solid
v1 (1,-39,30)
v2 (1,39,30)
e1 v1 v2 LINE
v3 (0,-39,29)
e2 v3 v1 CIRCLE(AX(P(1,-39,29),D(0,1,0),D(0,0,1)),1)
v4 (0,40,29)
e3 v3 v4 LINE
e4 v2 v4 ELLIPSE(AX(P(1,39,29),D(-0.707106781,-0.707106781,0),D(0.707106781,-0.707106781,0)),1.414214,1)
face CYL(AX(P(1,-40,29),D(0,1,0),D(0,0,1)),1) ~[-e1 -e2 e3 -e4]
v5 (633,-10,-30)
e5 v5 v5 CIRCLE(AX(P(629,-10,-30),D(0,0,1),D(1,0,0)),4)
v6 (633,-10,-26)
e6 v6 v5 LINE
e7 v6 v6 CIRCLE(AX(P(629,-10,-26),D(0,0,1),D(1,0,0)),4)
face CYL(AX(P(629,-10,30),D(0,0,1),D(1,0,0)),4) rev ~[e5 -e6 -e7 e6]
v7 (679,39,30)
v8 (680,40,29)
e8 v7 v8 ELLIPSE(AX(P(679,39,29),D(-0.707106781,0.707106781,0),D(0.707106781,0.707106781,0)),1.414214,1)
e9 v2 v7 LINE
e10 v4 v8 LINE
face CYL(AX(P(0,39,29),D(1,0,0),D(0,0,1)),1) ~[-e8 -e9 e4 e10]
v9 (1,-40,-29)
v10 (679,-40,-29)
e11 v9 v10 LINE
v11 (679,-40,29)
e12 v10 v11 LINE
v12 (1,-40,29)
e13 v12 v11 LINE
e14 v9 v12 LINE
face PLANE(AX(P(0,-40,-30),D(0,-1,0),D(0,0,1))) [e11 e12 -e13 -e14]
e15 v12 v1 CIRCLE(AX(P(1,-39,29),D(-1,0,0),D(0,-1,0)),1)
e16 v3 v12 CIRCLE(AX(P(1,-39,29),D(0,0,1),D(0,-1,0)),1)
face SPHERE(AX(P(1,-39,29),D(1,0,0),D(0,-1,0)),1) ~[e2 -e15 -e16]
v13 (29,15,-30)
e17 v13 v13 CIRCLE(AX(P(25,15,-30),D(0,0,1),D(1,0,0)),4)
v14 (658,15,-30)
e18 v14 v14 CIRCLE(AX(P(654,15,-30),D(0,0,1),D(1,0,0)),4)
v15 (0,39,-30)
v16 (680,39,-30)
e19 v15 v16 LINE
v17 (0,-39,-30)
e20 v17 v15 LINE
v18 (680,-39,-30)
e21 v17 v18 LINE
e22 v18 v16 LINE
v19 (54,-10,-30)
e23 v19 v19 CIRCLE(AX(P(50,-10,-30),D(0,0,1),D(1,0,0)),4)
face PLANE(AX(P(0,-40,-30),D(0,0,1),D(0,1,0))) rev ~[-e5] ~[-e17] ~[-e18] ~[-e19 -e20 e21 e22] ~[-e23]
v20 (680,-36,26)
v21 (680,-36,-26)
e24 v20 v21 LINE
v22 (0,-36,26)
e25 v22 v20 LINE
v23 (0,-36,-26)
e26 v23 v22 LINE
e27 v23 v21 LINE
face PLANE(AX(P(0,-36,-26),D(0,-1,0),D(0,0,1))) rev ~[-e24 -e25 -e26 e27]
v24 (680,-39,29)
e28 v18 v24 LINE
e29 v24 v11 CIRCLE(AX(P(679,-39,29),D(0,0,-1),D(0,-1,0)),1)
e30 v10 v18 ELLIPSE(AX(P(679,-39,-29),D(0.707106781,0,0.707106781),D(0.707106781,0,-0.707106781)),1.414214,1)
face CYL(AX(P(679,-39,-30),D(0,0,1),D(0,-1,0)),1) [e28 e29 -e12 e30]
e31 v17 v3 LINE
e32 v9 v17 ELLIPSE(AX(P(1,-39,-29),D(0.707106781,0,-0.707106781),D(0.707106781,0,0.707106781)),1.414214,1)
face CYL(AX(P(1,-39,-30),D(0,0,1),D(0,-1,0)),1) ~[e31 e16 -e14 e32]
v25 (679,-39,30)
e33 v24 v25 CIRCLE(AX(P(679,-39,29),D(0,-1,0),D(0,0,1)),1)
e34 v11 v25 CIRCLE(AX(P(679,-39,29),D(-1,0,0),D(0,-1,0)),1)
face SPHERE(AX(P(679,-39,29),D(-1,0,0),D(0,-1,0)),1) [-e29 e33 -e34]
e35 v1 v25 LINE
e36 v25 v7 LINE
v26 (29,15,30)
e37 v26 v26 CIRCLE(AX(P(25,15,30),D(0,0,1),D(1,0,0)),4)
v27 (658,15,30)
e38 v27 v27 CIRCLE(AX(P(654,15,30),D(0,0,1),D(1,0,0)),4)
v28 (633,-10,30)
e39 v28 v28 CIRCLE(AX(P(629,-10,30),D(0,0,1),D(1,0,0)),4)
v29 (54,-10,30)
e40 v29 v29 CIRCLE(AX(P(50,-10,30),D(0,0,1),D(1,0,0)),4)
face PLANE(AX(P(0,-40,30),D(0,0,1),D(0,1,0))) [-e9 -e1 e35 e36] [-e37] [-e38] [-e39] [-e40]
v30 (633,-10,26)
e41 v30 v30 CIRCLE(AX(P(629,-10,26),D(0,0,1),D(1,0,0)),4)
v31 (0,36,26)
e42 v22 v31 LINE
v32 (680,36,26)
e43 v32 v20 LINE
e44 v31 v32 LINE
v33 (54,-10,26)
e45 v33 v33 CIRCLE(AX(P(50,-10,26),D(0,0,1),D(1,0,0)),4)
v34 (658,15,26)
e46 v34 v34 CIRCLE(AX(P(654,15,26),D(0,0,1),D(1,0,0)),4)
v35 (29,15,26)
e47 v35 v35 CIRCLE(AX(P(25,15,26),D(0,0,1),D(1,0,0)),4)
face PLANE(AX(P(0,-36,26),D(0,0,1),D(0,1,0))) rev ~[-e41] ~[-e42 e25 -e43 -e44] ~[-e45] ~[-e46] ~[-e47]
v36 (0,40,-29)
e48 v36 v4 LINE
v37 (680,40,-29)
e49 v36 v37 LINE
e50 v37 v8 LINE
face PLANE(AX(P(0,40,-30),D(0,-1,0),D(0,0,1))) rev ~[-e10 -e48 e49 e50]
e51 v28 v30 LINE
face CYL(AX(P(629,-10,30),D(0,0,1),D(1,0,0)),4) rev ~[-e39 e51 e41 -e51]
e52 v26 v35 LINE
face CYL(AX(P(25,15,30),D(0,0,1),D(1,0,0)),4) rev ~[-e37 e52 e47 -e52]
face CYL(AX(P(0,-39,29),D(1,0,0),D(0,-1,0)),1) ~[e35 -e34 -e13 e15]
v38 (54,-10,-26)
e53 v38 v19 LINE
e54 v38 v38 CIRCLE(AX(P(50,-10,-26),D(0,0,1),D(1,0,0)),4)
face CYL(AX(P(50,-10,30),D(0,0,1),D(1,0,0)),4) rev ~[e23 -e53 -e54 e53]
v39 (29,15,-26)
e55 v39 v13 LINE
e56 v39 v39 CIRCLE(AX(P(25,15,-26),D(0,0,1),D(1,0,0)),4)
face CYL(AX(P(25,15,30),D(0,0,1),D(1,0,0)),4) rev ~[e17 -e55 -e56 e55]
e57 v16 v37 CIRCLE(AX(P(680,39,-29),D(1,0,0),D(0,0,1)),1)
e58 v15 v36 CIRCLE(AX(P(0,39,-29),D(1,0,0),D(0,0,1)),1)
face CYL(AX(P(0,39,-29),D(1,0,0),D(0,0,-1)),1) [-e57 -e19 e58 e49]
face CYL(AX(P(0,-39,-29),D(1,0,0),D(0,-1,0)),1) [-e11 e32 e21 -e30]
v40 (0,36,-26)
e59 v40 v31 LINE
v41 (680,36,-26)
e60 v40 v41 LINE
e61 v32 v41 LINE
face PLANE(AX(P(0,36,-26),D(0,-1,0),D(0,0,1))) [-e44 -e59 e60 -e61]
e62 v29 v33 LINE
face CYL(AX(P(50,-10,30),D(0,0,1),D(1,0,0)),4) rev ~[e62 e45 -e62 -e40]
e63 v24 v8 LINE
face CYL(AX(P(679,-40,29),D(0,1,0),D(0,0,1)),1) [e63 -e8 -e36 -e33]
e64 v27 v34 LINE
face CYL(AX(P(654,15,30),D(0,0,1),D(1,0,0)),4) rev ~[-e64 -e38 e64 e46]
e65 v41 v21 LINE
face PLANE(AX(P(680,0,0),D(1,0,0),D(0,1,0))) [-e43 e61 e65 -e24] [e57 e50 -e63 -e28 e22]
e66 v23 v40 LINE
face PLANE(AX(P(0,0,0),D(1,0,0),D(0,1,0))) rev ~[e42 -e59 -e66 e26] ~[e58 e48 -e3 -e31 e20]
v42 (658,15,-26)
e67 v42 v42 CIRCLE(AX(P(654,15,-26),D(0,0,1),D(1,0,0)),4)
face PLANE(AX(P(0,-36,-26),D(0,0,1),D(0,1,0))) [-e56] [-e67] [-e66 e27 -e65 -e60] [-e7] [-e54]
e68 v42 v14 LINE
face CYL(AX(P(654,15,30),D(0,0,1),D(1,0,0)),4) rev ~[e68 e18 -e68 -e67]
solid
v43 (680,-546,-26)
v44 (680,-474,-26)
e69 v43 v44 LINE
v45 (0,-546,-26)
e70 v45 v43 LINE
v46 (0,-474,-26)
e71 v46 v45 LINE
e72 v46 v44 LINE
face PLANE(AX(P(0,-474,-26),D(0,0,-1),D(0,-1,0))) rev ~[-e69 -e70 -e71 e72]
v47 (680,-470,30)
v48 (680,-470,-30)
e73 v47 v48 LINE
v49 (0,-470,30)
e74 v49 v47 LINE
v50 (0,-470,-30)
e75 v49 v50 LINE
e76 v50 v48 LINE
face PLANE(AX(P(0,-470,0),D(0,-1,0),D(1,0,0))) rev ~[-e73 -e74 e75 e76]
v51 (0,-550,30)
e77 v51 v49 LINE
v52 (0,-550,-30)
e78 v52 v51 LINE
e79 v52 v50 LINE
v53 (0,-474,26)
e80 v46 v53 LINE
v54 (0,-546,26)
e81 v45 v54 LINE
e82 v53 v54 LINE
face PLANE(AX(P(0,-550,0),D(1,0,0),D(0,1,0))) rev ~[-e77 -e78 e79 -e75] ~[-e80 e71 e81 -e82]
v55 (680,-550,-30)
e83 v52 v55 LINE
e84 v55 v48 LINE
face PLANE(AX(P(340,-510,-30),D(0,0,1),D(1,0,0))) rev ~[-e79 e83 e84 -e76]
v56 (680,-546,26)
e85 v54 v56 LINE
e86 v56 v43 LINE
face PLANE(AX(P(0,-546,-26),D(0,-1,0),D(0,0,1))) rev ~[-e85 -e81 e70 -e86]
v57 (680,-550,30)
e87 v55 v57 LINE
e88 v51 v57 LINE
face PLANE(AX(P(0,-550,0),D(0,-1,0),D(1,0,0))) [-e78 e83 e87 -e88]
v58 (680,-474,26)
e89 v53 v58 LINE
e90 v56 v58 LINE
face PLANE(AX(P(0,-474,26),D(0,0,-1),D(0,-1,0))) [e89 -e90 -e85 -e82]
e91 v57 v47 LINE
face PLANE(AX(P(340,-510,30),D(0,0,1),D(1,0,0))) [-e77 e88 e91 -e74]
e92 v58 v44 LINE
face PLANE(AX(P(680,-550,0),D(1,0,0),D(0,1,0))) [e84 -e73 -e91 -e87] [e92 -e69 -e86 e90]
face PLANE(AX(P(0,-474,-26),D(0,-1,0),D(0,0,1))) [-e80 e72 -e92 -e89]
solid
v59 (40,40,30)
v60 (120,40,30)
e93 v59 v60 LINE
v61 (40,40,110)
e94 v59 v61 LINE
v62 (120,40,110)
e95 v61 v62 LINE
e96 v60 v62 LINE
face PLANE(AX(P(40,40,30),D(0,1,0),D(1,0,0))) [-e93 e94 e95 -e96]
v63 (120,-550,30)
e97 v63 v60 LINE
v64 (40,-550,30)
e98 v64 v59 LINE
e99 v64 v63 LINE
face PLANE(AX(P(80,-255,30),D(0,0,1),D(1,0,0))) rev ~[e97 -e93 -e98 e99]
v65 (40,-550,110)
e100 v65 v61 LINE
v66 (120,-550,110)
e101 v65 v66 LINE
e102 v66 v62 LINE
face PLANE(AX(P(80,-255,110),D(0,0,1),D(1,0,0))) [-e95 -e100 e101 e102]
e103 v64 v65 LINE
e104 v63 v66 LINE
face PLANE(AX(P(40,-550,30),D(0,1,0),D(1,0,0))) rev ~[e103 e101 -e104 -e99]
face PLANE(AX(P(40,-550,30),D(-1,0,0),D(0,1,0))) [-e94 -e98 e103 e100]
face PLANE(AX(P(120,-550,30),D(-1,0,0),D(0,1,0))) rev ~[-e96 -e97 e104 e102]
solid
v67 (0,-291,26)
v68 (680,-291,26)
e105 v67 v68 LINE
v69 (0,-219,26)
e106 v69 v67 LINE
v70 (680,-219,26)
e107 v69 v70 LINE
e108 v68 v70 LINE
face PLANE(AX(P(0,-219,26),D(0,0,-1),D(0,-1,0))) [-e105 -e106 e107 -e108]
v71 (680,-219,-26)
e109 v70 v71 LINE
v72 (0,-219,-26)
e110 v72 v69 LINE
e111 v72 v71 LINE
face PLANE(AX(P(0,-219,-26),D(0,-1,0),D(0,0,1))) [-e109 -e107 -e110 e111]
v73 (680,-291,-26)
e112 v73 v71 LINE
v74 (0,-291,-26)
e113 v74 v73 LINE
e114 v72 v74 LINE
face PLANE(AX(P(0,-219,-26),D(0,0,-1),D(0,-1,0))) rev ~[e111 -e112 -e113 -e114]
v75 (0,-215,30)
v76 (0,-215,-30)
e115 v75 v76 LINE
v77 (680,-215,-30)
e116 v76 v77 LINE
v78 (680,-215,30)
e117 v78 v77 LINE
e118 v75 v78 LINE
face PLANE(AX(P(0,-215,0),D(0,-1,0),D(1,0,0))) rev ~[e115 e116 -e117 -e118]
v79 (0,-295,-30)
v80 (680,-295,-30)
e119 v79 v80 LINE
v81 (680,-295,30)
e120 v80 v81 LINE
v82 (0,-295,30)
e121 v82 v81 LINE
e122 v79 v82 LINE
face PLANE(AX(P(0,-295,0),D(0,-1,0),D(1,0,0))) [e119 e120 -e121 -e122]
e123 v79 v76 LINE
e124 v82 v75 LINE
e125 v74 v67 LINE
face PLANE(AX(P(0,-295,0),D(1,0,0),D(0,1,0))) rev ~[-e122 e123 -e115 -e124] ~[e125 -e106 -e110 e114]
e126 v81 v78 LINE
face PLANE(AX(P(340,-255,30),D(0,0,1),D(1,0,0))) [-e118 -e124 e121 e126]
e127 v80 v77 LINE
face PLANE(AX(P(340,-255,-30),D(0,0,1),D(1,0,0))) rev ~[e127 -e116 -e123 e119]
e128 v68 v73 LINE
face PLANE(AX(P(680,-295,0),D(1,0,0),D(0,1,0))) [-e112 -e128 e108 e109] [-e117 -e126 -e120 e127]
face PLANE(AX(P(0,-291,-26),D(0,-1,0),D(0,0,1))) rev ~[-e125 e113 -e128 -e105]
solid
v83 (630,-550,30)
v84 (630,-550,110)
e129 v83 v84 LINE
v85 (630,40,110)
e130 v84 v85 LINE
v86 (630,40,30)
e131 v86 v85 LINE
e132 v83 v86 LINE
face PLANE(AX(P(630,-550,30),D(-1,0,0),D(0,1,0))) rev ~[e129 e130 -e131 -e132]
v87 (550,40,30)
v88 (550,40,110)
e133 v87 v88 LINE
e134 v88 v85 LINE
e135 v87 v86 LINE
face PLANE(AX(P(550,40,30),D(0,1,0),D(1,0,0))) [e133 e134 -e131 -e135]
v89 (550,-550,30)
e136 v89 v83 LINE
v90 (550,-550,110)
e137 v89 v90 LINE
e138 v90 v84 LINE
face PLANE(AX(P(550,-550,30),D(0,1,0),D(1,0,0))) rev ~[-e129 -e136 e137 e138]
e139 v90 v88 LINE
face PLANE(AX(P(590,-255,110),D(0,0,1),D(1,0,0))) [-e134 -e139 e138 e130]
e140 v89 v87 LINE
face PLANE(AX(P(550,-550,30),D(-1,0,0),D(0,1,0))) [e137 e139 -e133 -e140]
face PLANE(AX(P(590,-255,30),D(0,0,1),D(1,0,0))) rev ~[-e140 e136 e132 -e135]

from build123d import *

# Parameters (mm, degrees)
F0_W      = 80
F0_H      = 60
F2_DEPTH  = 680
F1_W      = 72
F1_H      = 52
F3_DEPTH  = 680.001
F4_R      = 1
F5_R      = 4
F6_DEPTH  = 254
F7_W      = 680
F7_H      = 80
F8_DEPTH  = 30
F9_W      = 72
F9_H      = 52
F10_DEPTH = 680.001
F11_W     = 680
F11_H     = 80
F12_DEPTH = 30
F13_W     = 72
F13_H     = 52
F14_DEPTH = 680.001
F15_W     = 80
F15_H     = 590
F16_DEPTH = 80


with BuildPart() as f2:
    # F0 (on Right) → F2 (new body)
    with BuildSketch(Plane.YZ):
        Rectangle(F0_W, F0_H)
    extrude(amount=F2_DEPTH)

    # F1 (on Right) → F3 (cut, through all)
    with BuildSketch(Plane.YZ):
        Rectangle(F1_W, F1_H)
    extrude(amount=F3_DEPTH, mode=Mode.SUBTRACT)

    # F4
    f4_edges = [f2.edges().sort_by_distance(p)[0] for p in [
        (340, -40, 30),
        (340, -40, -30),
        (0, -40, 0),
        (680, -40, 0),
        (340, 40, 30),
        (0, 0, 30),
        (680, 0, 30),
        (340, 40, -30),
    ]]
    fillet(f4_edges, radius=F4_R)

    # F5 (on face) → F6 (cut)
    with BuildSketch(Plane.XY.offset(30)):
        with Locations((25, 15)):
            Circle(F5_R)
        with Locations((50, -10)):
            Circle(F5_R)
        with Locations((654, 15)):
            Circle(F5_R)
        with Locations((629, -10)):
            Circle(F5_R)
    extrude(amount=-F6_DEPTH, mode=Mode.SUBTRACT)


with BuildPart() as f8:
    # F7 (on Top) → F8 (new body, symmetric)
    with BuildSketch(Plane.XY):
        with Locations((340, -510)):
            Rectangle(F7_W, F7_H)
    extrude(amount=F8_DEPTH, both=True)

    # F9 (on face) → F10 (cut, through all)
    with BuildSketch(Plane(origin=(0, 0, 0), x_dir=(0, -1, 0), z_dir=(-1, 0, 0))):
        with Locations((510, 0)):
            Rectangle(F9_W, F9_H)
    extrude(amount=-F10_DEPTH, mode=Mode.SUBTRACT)


with BuildPart() as f12:
    # F11 (on Top) → F12 (new body, symmetric)
    with BuildSketch(Plane.XY):
        with Locations((340, -255)):
            Rectangle(F11_W, F11_H)
    extrude(amount=F12_DEPTH, both=True)

    # F13 (on face) → F14 (cut, through all)
    with BuildSketch(Plane(origin=(0, 0, 0), x_dir=(0, -1, 0), z_dir=(-1, 0, 0))):
        with Locations((255, 0)):
            Rectangle(F13_W, F13_H)
    extrude(amount=-F14_DEPTH, mode=Mode.SUBTRACT)


with BuildPart() as f16:
    # F15 (on face) → F16 (new body)
    with BuildSketch(Plane.XY.offset(30)):
        with Locations((80, -255)):
            Rectangle(F15_W, F15_H)
        with Locations((590, -255)):
            Rectangle(F15_W, F15_H)
    extrude(amount=F16_DEPTH)


solid = Compound([f2.part, f8.part, f12.part, f16.part])
